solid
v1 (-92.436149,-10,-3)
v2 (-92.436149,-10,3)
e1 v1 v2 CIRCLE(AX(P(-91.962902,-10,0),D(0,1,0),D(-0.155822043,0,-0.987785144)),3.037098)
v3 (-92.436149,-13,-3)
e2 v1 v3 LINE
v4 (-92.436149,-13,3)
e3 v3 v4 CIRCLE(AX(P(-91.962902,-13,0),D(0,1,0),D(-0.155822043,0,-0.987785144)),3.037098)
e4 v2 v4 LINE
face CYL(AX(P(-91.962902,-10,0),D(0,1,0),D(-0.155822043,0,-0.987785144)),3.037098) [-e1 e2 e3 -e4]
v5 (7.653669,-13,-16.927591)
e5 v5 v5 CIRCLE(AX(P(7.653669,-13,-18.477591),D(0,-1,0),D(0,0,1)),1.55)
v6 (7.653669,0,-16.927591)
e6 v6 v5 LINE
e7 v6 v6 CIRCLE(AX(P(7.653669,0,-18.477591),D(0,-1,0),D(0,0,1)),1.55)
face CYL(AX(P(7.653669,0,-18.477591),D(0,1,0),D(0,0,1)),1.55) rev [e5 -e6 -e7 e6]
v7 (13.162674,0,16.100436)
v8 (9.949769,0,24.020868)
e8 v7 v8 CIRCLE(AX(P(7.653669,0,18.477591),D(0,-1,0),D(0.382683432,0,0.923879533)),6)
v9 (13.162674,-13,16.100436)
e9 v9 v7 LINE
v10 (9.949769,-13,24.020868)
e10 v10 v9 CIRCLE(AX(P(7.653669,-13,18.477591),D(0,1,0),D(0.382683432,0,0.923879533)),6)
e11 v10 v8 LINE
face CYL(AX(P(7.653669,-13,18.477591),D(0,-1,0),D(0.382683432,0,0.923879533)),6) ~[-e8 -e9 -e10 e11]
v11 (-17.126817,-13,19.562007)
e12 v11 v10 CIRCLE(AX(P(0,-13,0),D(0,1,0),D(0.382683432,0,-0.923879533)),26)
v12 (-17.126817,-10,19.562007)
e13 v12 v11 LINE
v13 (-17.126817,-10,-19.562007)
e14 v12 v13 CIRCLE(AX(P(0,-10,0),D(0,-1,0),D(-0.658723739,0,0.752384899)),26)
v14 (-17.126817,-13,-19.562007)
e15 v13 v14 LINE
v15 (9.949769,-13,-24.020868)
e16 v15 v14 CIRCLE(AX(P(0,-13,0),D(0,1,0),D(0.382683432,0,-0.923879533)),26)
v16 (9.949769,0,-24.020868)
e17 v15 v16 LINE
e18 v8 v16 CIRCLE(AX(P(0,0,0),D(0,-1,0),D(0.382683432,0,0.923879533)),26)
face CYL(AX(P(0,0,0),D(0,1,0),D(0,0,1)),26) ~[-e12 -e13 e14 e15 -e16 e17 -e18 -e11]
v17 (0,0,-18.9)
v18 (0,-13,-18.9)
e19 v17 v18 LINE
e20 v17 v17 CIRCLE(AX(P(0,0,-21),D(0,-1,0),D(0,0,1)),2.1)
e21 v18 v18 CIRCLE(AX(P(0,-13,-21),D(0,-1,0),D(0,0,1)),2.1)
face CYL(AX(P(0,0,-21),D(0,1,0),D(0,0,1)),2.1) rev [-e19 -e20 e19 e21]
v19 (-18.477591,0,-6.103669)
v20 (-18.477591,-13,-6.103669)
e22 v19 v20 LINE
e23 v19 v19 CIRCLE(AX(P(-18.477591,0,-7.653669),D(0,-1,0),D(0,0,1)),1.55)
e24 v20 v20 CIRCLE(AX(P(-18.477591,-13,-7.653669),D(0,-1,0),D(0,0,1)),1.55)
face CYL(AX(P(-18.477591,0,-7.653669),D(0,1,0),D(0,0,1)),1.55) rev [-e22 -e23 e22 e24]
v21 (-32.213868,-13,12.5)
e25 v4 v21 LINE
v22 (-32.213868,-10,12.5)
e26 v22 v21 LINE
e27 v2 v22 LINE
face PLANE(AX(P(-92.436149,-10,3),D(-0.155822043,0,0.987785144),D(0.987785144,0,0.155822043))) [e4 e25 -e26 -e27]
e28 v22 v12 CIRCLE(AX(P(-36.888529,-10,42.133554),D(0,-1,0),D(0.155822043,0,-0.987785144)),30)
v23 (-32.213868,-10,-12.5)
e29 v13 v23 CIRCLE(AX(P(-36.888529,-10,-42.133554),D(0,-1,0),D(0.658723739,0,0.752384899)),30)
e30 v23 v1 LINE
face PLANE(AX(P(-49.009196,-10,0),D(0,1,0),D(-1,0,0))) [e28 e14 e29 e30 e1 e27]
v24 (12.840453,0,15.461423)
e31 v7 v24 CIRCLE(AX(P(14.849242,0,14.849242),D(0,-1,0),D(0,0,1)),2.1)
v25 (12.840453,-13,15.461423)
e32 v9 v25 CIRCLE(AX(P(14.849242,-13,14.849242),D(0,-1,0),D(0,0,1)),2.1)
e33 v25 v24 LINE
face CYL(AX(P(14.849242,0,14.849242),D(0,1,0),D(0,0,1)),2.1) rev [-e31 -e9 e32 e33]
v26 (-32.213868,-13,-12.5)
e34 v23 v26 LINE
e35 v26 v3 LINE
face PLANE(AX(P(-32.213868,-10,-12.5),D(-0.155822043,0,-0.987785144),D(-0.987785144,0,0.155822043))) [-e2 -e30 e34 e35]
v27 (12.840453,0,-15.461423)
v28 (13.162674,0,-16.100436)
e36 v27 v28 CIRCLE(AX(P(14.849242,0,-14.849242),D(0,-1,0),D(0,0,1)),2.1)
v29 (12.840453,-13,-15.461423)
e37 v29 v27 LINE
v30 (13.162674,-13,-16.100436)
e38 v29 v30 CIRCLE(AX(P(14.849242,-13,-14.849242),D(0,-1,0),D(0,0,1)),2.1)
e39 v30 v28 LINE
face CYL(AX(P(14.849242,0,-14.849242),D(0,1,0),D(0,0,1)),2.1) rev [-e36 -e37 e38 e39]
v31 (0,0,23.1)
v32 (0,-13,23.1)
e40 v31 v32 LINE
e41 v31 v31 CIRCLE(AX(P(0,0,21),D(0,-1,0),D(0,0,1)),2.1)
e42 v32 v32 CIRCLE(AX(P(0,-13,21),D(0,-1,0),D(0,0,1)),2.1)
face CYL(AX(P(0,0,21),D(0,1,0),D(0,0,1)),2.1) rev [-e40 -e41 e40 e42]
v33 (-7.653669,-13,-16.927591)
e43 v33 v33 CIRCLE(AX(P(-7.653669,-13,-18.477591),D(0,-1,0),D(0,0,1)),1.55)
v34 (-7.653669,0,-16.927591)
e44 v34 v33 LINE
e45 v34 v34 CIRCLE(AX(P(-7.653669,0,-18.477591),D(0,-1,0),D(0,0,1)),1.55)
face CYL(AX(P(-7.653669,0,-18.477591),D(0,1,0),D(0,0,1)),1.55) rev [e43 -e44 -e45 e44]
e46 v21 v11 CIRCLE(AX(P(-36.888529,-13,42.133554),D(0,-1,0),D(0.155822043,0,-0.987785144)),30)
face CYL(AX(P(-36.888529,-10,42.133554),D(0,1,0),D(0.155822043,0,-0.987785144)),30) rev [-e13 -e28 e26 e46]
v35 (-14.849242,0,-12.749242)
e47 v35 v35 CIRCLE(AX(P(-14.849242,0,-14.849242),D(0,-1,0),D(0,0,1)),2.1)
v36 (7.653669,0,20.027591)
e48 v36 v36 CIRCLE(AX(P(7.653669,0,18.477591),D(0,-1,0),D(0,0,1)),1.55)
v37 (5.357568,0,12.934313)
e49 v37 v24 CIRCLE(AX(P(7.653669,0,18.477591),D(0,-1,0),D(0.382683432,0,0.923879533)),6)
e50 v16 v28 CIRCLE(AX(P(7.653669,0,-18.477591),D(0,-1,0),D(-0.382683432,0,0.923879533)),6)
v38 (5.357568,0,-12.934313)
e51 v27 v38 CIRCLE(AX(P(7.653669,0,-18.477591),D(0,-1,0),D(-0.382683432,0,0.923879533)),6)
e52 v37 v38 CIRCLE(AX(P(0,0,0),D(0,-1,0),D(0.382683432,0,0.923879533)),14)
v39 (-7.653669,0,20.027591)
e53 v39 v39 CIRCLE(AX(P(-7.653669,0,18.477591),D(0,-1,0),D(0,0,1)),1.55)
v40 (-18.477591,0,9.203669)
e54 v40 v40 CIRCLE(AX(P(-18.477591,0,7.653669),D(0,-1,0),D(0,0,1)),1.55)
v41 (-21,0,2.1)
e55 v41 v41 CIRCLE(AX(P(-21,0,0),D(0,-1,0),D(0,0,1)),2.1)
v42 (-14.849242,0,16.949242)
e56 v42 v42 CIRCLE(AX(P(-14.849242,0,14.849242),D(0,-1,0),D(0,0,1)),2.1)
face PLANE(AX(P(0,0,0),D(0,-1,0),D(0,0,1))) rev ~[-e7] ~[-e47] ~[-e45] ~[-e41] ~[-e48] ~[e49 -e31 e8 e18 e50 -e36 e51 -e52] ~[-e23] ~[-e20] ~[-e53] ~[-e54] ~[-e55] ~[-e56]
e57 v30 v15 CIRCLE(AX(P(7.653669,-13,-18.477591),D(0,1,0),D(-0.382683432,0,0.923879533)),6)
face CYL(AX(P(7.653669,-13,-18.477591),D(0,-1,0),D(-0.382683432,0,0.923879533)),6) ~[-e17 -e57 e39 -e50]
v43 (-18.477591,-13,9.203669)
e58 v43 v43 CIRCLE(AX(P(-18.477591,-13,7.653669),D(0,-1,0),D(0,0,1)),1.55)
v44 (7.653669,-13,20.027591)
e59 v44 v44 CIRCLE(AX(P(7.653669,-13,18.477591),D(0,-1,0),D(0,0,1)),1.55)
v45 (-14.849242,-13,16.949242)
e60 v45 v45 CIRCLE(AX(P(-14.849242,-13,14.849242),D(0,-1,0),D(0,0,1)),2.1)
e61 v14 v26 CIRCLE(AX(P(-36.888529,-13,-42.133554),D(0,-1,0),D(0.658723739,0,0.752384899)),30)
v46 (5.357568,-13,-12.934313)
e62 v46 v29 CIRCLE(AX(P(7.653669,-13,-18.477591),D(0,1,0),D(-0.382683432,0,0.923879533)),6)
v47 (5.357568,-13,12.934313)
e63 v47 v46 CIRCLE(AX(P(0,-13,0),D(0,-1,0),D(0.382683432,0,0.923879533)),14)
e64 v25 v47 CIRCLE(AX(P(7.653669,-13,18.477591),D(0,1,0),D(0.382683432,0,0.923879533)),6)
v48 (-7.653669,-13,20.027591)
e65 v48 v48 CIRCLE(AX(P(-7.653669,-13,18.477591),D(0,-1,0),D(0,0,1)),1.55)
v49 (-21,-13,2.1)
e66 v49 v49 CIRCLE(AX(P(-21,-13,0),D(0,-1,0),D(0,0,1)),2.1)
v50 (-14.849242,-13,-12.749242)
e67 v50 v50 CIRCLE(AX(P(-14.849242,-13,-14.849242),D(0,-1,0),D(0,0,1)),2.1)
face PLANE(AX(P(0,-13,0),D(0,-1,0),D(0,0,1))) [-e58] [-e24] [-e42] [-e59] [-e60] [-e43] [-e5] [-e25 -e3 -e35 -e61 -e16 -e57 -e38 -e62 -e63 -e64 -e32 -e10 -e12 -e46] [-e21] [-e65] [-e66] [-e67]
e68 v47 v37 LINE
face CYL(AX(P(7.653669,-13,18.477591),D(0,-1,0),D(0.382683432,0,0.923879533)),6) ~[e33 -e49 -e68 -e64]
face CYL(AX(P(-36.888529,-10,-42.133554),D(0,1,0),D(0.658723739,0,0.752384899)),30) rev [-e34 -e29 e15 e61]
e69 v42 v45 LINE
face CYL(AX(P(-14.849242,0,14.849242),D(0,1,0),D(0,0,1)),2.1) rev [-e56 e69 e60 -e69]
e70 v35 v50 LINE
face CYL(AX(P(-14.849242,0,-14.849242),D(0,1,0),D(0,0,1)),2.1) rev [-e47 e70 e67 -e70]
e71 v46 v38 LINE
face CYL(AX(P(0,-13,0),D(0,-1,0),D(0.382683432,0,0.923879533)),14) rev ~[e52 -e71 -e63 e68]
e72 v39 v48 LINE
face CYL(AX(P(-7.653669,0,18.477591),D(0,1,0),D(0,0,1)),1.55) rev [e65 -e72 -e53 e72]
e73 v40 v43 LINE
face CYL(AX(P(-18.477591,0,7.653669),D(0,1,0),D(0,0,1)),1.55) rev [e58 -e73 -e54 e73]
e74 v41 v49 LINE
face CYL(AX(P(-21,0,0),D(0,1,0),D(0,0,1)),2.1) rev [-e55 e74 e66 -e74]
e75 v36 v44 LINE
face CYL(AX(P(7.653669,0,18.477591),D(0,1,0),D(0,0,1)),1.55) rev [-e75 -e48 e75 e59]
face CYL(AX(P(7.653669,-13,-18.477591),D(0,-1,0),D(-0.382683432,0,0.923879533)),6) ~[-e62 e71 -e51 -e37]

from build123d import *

# Parameters (mm, degrees)
SKETCH4_R           = 26
SKETCH4_R_2         = 2.1
SKETCH4_R_3         = 1.55
BOSS_EXTRUDE1_DEPTH = 13
SKETCH5_OUTSIDE_W   = 68.936
SKETCH5_OUTSIDE_H   = 68.936
CUT_EXTRUDE1_DEPTH  = 40
BOSS_EXTRUDE2_START = -3
BOSS_EXTRUDE2_DEPTH = 3


with BuildPart() as part:
    # Sketch4 → Boss-Extrude1 (new body)
    with BuildSketch(Plane(origin=(0, 0, 3), x_dir=(1, 0, 0), z_dir=(0, -1, 0))):
        with Locations(Location((0, -3, 0), (0, 0, 90))):
            Circle(SKETCH4_R)
        with Locations(Location((0, 18, 0), (0, 0, 90))):
            Circle(SKETCH4_R_2, mode=Mode.SUBTRACT)
        with Locations(Location((7.653668647, 15.47759065, 0), (0, 0, 90))):
            Circle(SKETCH4_R_3, mode=Mode.SUBTRACT)
        with Locations(Location((14.849242405, 11.849242405, 0), (0, 0, 90))):
            Circle(SKETCH4_R_2, mode=Mode.SUBTRACT)
        with Locations(Location((18.47759065, 4.653668647, 0), (0, 0, 90))):
            Circle(SKETCH4_R_3, mode=Mode.SUBTRACT)
        with Locations(Location((21, -3, 0), (0, 0, 90))):
            Circle(SKETCH4_R_2, mode=Mode.SUBTRACT)
        with Locations(Location((18.47759065, -10.653668647, 0), (0, 0, 90))):
            Circle(SKETCH4_R_3, mode=Mode.SUBTRACT)
        with Locations(Location((14.849242405, -17.849242405, 0), (0, 0, 90))):
            Circle(SKETCH4_R_2, mode=Mode.SUBTRACT)
        with Locations(Location((7.653668647, -21.47759065, 0), (0, 0, 90))):
            Circle(SKETCH4_R_3, mode=Mode.SUBTRACT)
        with Locations(Location((0, -24, 0), (0, 0, 90))):
            Circle(SKETCH4_R_2, mode=Mode.SUBTRACT)
        with Locations(Location((-7.653668647, -21.47759065, 0), (0, 0, 90))):
            Circle(SKETCH4_R_3, mode=Mode.SUBTRACT)
        with Locations(Location((-14.849242405, -17.849242405, 0), (0, 0, 90))):
            Circle(SKETCH4_R_2, mode=Mode.SUBTRACT)
        with Locations(Location((-18.47759065, -10.653668647, 0), (0, 0, 90))):
            Circle(SKETCH4_R_3, mode=Mode.SUBTRACT)
        with Locations(Location((-21, -3, 0), (0, 0, 90))):
            Circle(SKETCH4_R_2, mode=Mode.SUBTRACT)
        with Locations(Location((-18.47759065, 4.653668647, 0), (0, 0, 90))):
            Circle(SKETCH4_R_3, mode=Mode.SUBTRACT)
        with Locations(Location((-14.849242405, 11.849242405, 0), (0, 0, 90))):
            Circle(SKETCH4_R_2, mode=Mode.SUBTRACT)
        with Locations(Location((-7.653668647, 15.47759065, 0), (0, 0, 90))):
            Circle(SKETCH4_R_3, mode=Mode.SUBTRACT)
    extrude(amount=BOSS_EXTRUDE1_DEPTH)

    # Sketch5 outside → Cut-Extrude1 (cut, through all)
    with BuildSketch(Plane.XZ.offset(13)):
        Rectangle(SKETCH5_OUTSIDE_W, SKETCH5_OUTSIDE_H)
        with BuildLine():
            ThreePointArc((5.357568053, 12.934313455), (-14, 0), (5.357568053, -12.934313455))
            ThreePointArc((5.357568053, -12.934313455), (13.196945842, -16.181490056), (9.949769241, -24.020867845))
            ThreePointArc((9.949769241, -24.020867845), (-26, 0), (9.949769241, 24.020867845))
            ThreePointArc((9.949769241, 24.020867845), (13.196945842, 16.181490056), (5.357568053, 12.934313455))
        make_face(mode=Mode.SUBTRACT)
    extrude(amount=-CUT_EXTRUDE1_DEPTH, mode=Mode.SUBTRACT)

    # Sketch6 → Boss-Extrude2 (add)
    with BuildSketch(Plane.XZ.offset(13).offset(BOSS_EXTRUDE2_START)):
        with BuildLine():
            Line((-92.43614906, 3), (-32.213868088, 12.5))
            ThreePointArc((-32.213868088, 12.5), (-24.170350504, 14.962836151), (-17.126817214, 19.562007364))
            ThreePointArc((-17.126817214, 19.562007364), (-26, 0), (-17.126817214, -19.562007364))
            ThreePointArc((-17.126817214, -19.562007364), (-24.170350504, -14.962836151), (-32.213868088, -12.5))
            Line((-32.213868088, -12.5), (-92.43614906, -3))
            ThreePointArc((-92.43614906, -3), (-95, 0), (-92.43614906, 3))
        make_face()
    extrude(amount=BOSS_EXTRUDE2_DEPTH)


solid = part.part
